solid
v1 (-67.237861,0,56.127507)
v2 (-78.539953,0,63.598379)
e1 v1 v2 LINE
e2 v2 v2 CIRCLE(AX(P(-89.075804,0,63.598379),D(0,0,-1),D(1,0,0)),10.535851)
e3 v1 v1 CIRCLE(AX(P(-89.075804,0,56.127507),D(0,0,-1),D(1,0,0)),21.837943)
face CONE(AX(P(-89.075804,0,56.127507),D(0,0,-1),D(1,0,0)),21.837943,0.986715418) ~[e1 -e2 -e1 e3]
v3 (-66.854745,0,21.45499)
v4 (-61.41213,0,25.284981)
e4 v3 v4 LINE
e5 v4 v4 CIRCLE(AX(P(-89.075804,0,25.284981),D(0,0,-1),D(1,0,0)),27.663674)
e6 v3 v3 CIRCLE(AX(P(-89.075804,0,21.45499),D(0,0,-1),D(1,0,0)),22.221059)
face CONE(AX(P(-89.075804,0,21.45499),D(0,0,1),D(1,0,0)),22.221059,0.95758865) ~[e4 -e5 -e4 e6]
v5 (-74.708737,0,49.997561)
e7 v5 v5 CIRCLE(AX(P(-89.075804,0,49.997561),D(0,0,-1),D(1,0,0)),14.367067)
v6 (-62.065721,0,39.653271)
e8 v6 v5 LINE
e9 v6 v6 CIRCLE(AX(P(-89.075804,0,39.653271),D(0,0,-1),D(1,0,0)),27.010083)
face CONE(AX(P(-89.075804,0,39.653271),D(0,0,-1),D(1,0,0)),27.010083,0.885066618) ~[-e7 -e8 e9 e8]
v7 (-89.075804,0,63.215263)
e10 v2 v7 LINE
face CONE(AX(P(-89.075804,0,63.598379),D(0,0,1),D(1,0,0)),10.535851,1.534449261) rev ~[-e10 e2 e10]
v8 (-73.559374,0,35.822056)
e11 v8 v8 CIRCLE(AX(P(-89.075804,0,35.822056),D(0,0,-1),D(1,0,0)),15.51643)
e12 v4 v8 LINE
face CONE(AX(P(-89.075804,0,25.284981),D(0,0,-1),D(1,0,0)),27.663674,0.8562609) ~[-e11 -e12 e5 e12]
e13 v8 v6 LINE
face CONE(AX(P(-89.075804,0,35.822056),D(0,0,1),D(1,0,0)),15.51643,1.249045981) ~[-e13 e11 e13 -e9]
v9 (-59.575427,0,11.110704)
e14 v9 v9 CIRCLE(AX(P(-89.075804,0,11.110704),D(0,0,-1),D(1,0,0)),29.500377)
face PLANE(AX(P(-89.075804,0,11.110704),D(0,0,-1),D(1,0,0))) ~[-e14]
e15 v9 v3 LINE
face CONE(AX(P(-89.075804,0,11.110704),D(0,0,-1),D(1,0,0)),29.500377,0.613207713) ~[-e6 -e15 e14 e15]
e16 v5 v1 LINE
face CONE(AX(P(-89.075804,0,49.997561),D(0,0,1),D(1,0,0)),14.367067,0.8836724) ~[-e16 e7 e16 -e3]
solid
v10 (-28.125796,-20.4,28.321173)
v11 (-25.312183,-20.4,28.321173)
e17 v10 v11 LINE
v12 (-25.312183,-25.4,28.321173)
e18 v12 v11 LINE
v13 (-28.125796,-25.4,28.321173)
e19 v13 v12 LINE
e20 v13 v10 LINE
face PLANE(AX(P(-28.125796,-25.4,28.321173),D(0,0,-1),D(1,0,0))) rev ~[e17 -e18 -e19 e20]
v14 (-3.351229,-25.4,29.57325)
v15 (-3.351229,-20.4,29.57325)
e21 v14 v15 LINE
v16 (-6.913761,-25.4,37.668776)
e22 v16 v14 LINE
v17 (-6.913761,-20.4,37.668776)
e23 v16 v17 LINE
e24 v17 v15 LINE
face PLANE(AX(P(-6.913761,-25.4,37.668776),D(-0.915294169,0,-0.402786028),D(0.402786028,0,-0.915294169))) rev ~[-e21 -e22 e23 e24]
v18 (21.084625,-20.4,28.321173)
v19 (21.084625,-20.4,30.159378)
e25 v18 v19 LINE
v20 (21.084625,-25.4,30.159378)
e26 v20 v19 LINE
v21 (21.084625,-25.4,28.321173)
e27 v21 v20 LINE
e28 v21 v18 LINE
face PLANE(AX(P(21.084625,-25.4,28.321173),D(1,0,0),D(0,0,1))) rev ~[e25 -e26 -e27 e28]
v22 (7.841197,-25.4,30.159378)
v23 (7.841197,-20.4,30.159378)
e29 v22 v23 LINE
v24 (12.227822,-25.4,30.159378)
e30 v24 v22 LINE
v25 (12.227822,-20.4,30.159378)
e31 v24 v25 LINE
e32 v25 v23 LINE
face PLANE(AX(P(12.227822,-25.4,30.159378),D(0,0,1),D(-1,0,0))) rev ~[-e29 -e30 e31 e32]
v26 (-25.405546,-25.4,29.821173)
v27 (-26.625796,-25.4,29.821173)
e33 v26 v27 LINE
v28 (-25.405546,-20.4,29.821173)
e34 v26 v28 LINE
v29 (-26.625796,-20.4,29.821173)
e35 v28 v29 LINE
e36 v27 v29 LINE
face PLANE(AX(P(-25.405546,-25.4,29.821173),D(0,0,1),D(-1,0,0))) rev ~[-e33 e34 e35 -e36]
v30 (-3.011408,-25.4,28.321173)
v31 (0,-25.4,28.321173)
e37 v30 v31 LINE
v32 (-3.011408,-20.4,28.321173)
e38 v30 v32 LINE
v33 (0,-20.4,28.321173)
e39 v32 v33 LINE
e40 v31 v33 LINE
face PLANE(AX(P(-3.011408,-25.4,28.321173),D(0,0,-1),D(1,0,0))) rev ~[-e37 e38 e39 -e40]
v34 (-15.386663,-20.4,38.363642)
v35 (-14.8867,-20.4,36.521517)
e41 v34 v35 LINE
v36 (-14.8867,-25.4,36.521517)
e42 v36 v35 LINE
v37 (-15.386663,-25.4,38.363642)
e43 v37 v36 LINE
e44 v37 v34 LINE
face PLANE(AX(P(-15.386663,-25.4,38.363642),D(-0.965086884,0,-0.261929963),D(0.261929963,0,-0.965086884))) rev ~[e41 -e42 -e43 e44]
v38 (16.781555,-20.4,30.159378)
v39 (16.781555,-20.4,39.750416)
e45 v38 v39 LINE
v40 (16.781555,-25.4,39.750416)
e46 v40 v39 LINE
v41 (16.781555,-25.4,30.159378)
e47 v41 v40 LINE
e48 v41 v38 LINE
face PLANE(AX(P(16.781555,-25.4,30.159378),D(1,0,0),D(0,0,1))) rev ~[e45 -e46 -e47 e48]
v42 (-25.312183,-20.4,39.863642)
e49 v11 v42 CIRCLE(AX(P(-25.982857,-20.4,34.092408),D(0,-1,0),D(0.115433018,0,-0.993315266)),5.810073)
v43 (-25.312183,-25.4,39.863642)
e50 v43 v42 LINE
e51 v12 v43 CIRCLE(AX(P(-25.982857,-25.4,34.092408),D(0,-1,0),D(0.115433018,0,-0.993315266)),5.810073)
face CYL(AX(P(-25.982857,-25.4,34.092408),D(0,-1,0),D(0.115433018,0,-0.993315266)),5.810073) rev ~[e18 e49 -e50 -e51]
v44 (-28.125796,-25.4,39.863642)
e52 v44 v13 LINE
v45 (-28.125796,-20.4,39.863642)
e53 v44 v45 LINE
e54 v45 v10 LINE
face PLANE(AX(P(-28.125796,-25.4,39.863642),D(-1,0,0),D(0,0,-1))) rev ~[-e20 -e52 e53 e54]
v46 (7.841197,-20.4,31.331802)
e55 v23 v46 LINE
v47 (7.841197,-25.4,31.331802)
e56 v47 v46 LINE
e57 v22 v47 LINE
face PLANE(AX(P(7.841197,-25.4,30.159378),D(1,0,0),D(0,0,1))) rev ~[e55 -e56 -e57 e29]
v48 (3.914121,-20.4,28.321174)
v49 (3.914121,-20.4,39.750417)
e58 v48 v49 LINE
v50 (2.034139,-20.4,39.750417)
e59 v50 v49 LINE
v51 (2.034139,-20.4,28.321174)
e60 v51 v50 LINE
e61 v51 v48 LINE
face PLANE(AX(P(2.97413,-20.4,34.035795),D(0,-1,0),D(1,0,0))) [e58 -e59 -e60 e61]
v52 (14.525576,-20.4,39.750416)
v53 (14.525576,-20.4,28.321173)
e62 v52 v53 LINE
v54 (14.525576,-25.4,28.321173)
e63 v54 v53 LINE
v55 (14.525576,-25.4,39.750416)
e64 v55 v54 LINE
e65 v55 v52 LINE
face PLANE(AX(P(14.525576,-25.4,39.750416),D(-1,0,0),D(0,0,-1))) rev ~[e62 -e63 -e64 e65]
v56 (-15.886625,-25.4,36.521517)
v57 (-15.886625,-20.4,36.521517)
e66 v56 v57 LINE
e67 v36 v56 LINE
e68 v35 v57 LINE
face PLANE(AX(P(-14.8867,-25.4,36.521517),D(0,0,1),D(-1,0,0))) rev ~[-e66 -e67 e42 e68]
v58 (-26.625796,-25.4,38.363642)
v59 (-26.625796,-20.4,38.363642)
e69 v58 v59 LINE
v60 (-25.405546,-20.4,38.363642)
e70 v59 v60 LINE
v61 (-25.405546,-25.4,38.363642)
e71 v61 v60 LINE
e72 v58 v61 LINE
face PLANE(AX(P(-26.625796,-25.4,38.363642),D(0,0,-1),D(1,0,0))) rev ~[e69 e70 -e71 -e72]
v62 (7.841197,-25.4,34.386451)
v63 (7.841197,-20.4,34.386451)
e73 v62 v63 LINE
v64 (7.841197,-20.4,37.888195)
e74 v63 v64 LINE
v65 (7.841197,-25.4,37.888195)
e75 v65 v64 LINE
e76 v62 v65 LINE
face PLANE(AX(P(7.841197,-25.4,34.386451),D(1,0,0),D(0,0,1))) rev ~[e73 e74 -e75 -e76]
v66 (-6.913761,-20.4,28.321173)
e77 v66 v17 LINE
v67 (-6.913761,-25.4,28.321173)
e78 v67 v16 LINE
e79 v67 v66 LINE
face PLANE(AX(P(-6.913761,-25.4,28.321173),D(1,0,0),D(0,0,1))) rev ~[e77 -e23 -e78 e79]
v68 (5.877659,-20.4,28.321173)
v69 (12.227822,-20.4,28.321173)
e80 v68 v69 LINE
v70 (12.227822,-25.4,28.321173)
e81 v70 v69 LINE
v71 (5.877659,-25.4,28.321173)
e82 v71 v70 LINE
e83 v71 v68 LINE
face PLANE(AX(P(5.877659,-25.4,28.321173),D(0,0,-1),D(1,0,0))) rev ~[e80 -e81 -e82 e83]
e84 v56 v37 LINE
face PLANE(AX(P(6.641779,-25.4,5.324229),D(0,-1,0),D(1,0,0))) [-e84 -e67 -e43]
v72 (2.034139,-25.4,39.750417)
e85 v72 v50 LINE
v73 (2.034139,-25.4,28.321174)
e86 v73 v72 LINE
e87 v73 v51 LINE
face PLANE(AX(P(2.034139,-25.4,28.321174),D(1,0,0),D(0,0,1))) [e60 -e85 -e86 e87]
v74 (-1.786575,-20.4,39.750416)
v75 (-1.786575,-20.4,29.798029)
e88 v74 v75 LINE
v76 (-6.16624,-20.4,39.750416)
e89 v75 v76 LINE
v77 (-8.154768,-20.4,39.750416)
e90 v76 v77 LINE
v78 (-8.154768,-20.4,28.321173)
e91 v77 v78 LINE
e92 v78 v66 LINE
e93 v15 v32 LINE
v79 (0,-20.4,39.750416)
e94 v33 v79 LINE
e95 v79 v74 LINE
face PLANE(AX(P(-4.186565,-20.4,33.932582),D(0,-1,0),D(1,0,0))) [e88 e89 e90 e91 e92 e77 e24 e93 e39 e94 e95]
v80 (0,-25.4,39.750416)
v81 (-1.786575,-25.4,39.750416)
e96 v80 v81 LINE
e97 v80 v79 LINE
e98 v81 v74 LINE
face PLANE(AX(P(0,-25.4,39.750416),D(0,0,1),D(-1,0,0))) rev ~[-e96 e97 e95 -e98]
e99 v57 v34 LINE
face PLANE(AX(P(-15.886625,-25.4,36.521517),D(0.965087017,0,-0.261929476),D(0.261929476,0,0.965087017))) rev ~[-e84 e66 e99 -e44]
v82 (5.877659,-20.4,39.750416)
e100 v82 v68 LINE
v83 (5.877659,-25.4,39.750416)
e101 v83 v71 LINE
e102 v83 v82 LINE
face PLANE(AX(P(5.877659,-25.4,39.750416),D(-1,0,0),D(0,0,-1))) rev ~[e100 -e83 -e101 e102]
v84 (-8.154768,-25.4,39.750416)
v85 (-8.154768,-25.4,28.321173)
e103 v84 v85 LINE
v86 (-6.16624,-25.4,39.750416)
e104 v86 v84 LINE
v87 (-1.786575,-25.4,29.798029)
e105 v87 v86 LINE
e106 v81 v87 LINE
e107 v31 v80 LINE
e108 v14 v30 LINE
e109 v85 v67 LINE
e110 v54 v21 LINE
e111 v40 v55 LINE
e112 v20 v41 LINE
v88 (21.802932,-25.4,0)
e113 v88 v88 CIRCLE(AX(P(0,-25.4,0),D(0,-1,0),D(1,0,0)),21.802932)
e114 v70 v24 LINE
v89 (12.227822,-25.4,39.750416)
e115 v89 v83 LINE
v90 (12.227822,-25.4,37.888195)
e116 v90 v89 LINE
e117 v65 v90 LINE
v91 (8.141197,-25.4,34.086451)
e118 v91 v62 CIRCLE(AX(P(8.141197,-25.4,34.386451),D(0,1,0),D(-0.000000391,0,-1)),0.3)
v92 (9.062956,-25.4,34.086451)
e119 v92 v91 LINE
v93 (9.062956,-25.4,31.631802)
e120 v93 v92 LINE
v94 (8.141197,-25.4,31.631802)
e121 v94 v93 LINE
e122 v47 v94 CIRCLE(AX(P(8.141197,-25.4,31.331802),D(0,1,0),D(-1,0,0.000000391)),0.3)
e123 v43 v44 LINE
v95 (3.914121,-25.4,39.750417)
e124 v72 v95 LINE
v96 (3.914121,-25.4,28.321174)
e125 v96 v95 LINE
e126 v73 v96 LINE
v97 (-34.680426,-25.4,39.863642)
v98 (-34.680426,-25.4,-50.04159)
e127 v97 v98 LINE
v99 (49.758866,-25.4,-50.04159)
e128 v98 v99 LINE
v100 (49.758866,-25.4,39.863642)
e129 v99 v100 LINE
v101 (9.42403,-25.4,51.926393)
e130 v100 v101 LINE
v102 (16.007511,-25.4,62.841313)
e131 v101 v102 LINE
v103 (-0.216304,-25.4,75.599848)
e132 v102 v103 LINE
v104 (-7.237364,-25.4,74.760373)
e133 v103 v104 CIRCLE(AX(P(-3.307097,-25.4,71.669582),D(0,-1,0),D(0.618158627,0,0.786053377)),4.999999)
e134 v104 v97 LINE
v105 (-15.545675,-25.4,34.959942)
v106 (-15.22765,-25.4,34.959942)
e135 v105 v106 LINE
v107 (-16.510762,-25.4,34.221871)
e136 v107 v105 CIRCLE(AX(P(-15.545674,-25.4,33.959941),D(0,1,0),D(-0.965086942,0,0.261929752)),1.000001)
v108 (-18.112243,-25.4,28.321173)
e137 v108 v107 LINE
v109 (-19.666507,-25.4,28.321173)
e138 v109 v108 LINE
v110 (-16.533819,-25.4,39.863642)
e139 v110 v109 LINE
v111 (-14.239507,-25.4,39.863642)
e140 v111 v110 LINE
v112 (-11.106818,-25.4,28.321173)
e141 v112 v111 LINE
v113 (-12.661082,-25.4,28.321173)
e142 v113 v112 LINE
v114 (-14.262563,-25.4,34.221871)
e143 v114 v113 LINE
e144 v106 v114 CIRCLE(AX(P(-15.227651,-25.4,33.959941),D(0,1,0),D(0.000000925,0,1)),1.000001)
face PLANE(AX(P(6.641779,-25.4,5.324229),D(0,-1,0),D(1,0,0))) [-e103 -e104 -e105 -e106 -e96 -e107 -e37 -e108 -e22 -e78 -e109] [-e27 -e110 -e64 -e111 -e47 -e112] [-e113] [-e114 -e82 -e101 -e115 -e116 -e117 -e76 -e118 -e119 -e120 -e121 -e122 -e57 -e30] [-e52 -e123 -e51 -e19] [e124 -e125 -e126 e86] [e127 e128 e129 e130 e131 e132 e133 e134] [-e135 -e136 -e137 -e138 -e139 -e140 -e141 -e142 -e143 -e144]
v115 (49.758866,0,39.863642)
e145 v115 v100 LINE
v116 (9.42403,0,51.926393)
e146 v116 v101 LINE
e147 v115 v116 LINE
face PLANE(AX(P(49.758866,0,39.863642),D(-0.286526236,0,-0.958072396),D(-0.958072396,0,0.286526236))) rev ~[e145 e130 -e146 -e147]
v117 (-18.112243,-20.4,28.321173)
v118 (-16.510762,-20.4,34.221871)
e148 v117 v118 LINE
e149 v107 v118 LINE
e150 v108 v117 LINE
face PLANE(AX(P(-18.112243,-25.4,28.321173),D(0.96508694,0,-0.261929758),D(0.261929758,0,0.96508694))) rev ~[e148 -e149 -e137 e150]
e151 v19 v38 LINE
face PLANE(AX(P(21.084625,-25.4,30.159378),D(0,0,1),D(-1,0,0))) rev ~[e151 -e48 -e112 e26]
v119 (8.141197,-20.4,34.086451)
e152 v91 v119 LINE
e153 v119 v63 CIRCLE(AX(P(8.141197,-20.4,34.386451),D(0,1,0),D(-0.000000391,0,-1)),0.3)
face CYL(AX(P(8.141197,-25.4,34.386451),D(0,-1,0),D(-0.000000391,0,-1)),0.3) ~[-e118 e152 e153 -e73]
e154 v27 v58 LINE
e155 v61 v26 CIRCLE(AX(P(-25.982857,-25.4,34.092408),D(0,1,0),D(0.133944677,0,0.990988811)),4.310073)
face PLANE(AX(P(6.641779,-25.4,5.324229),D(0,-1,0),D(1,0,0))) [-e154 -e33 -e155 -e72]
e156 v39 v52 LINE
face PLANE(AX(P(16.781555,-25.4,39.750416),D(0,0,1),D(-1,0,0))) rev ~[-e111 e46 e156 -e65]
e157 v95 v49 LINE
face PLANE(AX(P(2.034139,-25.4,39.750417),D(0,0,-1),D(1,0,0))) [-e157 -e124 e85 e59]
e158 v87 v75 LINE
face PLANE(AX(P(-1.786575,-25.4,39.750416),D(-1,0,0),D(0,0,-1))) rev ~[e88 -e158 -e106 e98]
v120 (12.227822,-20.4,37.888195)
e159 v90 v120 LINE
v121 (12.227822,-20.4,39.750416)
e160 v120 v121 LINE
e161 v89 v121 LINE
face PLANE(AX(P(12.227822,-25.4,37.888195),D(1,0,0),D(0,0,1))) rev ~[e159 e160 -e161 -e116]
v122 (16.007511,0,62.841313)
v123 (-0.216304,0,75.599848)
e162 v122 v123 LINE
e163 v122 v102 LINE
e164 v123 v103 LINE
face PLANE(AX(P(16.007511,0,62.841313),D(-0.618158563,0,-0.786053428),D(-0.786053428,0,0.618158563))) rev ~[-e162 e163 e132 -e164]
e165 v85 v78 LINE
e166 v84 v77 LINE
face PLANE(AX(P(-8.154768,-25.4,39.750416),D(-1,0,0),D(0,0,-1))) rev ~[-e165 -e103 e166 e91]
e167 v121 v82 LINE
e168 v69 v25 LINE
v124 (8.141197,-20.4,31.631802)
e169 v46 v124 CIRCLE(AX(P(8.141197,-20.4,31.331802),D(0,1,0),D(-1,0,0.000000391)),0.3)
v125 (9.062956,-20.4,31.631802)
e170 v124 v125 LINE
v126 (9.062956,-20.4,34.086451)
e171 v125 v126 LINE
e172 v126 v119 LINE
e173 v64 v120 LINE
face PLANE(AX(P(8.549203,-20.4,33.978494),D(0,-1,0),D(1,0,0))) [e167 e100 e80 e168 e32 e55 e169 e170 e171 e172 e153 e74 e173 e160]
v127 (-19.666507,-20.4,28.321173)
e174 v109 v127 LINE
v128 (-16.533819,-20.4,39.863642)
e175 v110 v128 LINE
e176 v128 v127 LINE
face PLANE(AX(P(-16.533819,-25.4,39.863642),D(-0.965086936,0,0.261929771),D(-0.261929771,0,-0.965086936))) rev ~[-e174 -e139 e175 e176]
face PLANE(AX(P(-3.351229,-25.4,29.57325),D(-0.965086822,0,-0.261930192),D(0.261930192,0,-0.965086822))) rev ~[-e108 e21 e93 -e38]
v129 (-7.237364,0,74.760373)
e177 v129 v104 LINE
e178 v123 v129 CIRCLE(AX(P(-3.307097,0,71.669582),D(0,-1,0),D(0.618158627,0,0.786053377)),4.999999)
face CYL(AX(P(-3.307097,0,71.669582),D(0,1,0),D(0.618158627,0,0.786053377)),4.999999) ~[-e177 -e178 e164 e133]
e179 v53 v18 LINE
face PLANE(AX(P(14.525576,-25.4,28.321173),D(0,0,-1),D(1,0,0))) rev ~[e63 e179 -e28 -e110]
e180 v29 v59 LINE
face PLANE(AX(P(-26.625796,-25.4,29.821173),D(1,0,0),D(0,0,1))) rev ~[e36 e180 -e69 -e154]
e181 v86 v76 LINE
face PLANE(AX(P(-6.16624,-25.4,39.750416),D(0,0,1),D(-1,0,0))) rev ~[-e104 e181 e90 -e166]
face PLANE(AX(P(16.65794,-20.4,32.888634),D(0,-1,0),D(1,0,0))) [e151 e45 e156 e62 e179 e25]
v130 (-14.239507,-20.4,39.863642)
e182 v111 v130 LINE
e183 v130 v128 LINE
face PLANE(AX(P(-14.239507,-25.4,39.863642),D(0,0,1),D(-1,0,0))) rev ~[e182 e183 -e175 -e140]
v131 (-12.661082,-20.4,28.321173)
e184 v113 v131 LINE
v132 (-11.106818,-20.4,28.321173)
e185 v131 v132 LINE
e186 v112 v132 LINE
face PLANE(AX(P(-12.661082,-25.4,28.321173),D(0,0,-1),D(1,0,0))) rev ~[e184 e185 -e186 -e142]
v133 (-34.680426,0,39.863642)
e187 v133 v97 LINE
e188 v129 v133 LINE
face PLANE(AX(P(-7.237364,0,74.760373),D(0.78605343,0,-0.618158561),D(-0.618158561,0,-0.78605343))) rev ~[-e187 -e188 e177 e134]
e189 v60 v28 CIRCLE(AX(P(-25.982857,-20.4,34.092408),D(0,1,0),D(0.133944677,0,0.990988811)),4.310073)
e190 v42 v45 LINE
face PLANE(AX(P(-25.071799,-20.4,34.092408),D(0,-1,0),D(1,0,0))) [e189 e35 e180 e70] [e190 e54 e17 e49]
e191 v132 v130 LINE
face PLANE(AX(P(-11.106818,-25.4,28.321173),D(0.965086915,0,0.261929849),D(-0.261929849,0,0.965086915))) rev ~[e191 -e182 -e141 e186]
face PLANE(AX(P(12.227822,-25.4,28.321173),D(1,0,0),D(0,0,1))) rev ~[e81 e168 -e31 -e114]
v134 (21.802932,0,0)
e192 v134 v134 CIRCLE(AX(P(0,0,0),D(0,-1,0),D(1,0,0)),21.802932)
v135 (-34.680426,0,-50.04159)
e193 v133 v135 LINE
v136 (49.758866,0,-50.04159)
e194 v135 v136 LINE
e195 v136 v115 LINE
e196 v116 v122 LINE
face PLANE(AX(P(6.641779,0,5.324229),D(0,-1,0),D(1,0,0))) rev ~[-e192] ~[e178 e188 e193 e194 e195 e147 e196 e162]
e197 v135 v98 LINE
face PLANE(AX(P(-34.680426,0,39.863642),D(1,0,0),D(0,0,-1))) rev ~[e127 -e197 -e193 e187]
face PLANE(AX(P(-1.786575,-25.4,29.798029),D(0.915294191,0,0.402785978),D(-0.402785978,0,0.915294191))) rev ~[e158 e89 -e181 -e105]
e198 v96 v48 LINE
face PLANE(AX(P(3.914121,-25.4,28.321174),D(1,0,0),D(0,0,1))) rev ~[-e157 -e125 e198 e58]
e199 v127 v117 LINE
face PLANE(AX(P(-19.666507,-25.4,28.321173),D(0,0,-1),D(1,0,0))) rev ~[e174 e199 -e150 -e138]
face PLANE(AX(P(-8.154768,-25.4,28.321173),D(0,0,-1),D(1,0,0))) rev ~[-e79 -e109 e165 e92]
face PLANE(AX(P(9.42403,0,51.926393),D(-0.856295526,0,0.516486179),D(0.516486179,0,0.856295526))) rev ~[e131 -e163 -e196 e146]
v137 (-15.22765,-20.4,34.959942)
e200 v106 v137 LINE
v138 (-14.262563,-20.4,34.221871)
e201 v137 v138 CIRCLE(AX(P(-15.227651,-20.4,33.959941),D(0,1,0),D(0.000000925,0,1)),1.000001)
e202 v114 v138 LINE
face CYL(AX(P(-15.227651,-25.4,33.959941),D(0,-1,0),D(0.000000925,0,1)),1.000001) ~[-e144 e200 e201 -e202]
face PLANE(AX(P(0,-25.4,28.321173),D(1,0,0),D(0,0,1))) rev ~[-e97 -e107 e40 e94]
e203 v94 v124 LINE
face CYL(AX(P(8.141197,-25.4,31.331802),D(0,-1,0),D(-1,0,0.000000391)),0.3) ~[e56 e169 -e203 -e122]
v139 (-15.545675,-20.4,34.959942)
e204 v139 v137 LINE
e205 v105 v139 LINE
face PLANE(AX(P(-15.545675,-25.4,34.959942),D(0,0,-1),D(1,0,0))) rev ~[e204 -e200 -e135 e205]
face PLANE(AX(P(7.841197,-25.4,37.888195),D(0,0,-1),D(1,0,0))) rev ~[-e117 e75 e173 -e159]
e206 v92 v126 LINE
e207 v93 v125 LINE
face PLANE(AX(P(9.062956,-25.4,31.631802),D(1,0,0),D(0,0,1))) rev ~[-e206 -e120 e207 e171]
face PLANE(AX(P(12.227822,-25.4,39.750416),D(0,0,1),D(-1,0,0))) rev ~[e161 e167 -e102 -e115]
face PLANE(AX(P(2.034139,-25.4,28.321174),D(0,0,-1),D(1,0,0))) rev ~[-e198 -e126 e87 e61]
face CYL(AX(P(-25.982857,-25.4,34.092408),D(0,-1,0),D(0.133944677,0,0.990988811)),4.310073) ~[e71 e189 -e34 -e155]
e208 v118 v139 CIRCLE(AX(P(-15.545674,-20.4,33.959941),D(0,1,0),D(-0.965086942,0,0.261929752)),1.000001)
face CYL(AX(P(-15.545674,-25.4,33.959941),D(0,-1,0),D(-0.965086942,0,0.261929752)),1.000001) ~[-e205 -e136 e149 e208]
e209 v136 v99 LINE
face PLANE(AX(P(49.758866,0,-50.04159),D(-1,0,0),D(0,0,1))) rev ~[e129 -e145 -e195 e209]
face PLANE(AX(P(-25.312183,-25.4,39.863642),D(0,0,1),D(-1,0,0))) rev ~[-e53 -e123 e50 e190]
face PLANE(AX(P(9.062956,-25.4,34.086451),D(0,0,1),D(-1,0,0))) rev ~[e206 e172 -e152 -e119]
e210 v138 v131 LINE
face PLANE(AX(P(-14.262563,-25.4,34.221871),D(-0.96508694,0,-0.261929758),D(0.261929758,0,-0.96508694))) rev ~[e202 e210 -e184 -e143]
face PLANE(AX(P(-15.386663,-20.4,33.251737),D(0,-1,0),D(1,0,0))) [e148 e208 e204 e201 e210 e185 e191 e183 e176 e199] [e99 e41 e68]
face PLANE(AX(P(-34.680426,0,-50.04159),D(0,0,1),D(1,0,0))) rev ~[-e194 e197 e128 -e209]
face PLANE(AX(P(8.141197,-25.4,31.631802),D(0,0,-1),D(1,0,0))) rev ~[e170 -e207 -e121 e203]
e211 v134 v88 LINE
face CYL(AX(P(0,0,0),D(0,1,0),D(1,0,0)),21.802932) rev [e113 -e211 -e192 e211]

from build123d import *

# Parameters (mm, degrees)
F0_R     = 21.802932
F1_DEPTH = 25.4
F4_W     = 1.879983
F4_H     = 11.429243
F5_DEPTH = 5


with BuildPart() as f1:
    # F0 (on Front) → F1 (new body)
    with BuildSketch(Plane.XZ):
        with BuildLine():
            Line((-34.680426, 39.863642), (-34.680426, -50.04159))
            Line((-34.680426, -50.04159), (49.758866, -50.04159))
            Line((49.758866, -50.04159), (49.758866, 39.863642))
            Line((49.758866, 39.863642), (9.42403, 51.926393))
            Line((9.42403, 51.926393), (16.007511, 62.841313))
            Line((16.007511, 62.841313), (-0.216304, 75.599848))
            ThreePointArc((-0.216304, 75.599848), (-3.900695, 76.63422), (-7.237364, 74.760373))
            Line((-7.237364, 74.760373), (-34.680426, 39.863642))
        make_face()
        Circle(F0_R, mode=Mode.SUBTRACT)
    extrude(amount=F1_DEPTH)

    # F4 (on face) → F5 (cut)
    with BuildSketch(Plane.XZ.offset(25.4)):
        with BuildLine():
            Line((-25.312183, 39.863642), (-28.125796, 39.863642))
            Line((-28.125796, 39.863642), (-28.125796, 28.321173))
            Line((-28.125796, 28.321173), (-25.312183, 28.321173))
            ThreePointArc((-25.312183, 28.321173), (-20.172784, 34.092408), (-25.312183, 39.863642))
        make_face()
        with BuildLine():
            ThreePointArc((-25.405546, 38.363642), (-21.672784, 34.092408), (-25.405546, 29.821173))
            Line((-25.405546, 29.821173), (-26.625796, 29.821173))
            Line((-26.625796, 29.821173), (-26.625796, 38.363642))
            Line((-26.625796, 38.363642), (-25.405546, 38.363642))
        make_face(mode=Mode.SUBTRACT)
        with BuildLine():
            Line((-14.239507, 39.863642), (-16.533819, 39.863642))
            Line((-16.533819, 39.863642), (-19.666507, 28.321173))
            Line((-19.666507, 28.321173), (-18.112243, 28.321173))
            Line((-18.112243, 28.321173), (-16.510762, 34.221871))
            ThreePointArc((-16.510762, 34.221871), (-16.153157, 34.754275), (-15.545675, 34.959942))
            Line((-15.545675, 34.959942), (-15.386663, 34.959942))
            Line((-15.386663, 34.959942), (-15.22765, 34.959942))
            ThreePointArc((-15.22765, 34.959942), (-14.620168, 34.754275), (-14.262563, 34.221871))
            Line((-14.262563, 34.221871), (-12.661082, 28.321173))
            Line((-12.661082, 28.321173), (-11.106818, 28.321173))
            Line((-11.106818, 28.321173), (-14.239507, 39.863642))
        make_face()
        Polygon((-14.8867, 36.521517), (-15.386663, 36.521517), (-15.886625, 36.521517), (-15.386663, 38.363642), align=None, mode=Mode.SUBTRACT)
        with Locations((2.97413, 34.035795)):
            Rectangle(F4_W, F4_H)
        with BuildLine():
            Line((12.227822, 39.750416), (5.877659, 39.750416))
            Line((5.877659, 39.750416), (5.877659, 28.321173))
            Line((5.877659, 28.321173), (12.227822, 28.321173))
            Line((12.227822, 28.321173), (12.227822, 30.159378))
            Line((12.227822, 30.159378), (7.841197, 30.159378))
            Line((7.841197, 30.159378), (7.841197, 31.331802))
            ThreePointArc((7.841197, 31.331802), (7.929065, 31.543934), (8.141197, 31.631802))
            Line((8.141197, 31.631802), (9.062956, 31.631802))
            Line((9.062956, 31.631802), (9.062956, 34.086451))
            Line((9.062956, 34.086451), (8.141197, 34.086451))
            ThreePointArc((8.141197, 34.086451), (7.929065, 34.174319), (7.841197, 34.386451))
            Line((7.841197, 34.386451), (7.841197, 37.888195))
            Line((7.841197, 37.888195), (12.227822, 37.888195))
            Line((12.227822, 37.888195), (12.227822, 39.750416))
        make_face()
        Polygon((16.781555, 39.750416), (14.525576, 39.750416), (14.525576, 28.321173), (21.084625, 28.321173), (21.084625, 30.159378), (16.781555, 30.159378), align=None)
        Polygon((-8.154768, 39.750416), (-8.154768, 28.321173), (-6.913761, 28.321173), (-6.913761, 37.668776), (-3.351229, 29.57325), (-3.011408, 28.321173), (0, 28.321173), (0, 39.750416), (-1.786575, 39.750416), (-1.786575, 29.798029), (-6.16624, 39.750416), align=None)
    extrude(amount=-F5_DEPTH, mode=Mode.SUBTRACT)


with BuildPart() as f3:
    # F2 (on Front) → F3 (revolve)
    with BuildSketch(Plane.XZ):
        Polygon((-78.539953, 63.598379), (-89.075804, 63.215263), (-89.075804, 11.110704), (-59.575427, 11.110704), (-66.854745, 21.45499), (-61.41213, 25.284981), (-73.559374, 35.822056), (-62.065721, 39.653271), (-74.708737, 49.997561), (-67.237861, 56.127507), align=None)
    revolve(axis=Axis((-89.075804, 0, 37.162984), (0, 0, -1)))


solid = Compound([f1.part, f3.part])
